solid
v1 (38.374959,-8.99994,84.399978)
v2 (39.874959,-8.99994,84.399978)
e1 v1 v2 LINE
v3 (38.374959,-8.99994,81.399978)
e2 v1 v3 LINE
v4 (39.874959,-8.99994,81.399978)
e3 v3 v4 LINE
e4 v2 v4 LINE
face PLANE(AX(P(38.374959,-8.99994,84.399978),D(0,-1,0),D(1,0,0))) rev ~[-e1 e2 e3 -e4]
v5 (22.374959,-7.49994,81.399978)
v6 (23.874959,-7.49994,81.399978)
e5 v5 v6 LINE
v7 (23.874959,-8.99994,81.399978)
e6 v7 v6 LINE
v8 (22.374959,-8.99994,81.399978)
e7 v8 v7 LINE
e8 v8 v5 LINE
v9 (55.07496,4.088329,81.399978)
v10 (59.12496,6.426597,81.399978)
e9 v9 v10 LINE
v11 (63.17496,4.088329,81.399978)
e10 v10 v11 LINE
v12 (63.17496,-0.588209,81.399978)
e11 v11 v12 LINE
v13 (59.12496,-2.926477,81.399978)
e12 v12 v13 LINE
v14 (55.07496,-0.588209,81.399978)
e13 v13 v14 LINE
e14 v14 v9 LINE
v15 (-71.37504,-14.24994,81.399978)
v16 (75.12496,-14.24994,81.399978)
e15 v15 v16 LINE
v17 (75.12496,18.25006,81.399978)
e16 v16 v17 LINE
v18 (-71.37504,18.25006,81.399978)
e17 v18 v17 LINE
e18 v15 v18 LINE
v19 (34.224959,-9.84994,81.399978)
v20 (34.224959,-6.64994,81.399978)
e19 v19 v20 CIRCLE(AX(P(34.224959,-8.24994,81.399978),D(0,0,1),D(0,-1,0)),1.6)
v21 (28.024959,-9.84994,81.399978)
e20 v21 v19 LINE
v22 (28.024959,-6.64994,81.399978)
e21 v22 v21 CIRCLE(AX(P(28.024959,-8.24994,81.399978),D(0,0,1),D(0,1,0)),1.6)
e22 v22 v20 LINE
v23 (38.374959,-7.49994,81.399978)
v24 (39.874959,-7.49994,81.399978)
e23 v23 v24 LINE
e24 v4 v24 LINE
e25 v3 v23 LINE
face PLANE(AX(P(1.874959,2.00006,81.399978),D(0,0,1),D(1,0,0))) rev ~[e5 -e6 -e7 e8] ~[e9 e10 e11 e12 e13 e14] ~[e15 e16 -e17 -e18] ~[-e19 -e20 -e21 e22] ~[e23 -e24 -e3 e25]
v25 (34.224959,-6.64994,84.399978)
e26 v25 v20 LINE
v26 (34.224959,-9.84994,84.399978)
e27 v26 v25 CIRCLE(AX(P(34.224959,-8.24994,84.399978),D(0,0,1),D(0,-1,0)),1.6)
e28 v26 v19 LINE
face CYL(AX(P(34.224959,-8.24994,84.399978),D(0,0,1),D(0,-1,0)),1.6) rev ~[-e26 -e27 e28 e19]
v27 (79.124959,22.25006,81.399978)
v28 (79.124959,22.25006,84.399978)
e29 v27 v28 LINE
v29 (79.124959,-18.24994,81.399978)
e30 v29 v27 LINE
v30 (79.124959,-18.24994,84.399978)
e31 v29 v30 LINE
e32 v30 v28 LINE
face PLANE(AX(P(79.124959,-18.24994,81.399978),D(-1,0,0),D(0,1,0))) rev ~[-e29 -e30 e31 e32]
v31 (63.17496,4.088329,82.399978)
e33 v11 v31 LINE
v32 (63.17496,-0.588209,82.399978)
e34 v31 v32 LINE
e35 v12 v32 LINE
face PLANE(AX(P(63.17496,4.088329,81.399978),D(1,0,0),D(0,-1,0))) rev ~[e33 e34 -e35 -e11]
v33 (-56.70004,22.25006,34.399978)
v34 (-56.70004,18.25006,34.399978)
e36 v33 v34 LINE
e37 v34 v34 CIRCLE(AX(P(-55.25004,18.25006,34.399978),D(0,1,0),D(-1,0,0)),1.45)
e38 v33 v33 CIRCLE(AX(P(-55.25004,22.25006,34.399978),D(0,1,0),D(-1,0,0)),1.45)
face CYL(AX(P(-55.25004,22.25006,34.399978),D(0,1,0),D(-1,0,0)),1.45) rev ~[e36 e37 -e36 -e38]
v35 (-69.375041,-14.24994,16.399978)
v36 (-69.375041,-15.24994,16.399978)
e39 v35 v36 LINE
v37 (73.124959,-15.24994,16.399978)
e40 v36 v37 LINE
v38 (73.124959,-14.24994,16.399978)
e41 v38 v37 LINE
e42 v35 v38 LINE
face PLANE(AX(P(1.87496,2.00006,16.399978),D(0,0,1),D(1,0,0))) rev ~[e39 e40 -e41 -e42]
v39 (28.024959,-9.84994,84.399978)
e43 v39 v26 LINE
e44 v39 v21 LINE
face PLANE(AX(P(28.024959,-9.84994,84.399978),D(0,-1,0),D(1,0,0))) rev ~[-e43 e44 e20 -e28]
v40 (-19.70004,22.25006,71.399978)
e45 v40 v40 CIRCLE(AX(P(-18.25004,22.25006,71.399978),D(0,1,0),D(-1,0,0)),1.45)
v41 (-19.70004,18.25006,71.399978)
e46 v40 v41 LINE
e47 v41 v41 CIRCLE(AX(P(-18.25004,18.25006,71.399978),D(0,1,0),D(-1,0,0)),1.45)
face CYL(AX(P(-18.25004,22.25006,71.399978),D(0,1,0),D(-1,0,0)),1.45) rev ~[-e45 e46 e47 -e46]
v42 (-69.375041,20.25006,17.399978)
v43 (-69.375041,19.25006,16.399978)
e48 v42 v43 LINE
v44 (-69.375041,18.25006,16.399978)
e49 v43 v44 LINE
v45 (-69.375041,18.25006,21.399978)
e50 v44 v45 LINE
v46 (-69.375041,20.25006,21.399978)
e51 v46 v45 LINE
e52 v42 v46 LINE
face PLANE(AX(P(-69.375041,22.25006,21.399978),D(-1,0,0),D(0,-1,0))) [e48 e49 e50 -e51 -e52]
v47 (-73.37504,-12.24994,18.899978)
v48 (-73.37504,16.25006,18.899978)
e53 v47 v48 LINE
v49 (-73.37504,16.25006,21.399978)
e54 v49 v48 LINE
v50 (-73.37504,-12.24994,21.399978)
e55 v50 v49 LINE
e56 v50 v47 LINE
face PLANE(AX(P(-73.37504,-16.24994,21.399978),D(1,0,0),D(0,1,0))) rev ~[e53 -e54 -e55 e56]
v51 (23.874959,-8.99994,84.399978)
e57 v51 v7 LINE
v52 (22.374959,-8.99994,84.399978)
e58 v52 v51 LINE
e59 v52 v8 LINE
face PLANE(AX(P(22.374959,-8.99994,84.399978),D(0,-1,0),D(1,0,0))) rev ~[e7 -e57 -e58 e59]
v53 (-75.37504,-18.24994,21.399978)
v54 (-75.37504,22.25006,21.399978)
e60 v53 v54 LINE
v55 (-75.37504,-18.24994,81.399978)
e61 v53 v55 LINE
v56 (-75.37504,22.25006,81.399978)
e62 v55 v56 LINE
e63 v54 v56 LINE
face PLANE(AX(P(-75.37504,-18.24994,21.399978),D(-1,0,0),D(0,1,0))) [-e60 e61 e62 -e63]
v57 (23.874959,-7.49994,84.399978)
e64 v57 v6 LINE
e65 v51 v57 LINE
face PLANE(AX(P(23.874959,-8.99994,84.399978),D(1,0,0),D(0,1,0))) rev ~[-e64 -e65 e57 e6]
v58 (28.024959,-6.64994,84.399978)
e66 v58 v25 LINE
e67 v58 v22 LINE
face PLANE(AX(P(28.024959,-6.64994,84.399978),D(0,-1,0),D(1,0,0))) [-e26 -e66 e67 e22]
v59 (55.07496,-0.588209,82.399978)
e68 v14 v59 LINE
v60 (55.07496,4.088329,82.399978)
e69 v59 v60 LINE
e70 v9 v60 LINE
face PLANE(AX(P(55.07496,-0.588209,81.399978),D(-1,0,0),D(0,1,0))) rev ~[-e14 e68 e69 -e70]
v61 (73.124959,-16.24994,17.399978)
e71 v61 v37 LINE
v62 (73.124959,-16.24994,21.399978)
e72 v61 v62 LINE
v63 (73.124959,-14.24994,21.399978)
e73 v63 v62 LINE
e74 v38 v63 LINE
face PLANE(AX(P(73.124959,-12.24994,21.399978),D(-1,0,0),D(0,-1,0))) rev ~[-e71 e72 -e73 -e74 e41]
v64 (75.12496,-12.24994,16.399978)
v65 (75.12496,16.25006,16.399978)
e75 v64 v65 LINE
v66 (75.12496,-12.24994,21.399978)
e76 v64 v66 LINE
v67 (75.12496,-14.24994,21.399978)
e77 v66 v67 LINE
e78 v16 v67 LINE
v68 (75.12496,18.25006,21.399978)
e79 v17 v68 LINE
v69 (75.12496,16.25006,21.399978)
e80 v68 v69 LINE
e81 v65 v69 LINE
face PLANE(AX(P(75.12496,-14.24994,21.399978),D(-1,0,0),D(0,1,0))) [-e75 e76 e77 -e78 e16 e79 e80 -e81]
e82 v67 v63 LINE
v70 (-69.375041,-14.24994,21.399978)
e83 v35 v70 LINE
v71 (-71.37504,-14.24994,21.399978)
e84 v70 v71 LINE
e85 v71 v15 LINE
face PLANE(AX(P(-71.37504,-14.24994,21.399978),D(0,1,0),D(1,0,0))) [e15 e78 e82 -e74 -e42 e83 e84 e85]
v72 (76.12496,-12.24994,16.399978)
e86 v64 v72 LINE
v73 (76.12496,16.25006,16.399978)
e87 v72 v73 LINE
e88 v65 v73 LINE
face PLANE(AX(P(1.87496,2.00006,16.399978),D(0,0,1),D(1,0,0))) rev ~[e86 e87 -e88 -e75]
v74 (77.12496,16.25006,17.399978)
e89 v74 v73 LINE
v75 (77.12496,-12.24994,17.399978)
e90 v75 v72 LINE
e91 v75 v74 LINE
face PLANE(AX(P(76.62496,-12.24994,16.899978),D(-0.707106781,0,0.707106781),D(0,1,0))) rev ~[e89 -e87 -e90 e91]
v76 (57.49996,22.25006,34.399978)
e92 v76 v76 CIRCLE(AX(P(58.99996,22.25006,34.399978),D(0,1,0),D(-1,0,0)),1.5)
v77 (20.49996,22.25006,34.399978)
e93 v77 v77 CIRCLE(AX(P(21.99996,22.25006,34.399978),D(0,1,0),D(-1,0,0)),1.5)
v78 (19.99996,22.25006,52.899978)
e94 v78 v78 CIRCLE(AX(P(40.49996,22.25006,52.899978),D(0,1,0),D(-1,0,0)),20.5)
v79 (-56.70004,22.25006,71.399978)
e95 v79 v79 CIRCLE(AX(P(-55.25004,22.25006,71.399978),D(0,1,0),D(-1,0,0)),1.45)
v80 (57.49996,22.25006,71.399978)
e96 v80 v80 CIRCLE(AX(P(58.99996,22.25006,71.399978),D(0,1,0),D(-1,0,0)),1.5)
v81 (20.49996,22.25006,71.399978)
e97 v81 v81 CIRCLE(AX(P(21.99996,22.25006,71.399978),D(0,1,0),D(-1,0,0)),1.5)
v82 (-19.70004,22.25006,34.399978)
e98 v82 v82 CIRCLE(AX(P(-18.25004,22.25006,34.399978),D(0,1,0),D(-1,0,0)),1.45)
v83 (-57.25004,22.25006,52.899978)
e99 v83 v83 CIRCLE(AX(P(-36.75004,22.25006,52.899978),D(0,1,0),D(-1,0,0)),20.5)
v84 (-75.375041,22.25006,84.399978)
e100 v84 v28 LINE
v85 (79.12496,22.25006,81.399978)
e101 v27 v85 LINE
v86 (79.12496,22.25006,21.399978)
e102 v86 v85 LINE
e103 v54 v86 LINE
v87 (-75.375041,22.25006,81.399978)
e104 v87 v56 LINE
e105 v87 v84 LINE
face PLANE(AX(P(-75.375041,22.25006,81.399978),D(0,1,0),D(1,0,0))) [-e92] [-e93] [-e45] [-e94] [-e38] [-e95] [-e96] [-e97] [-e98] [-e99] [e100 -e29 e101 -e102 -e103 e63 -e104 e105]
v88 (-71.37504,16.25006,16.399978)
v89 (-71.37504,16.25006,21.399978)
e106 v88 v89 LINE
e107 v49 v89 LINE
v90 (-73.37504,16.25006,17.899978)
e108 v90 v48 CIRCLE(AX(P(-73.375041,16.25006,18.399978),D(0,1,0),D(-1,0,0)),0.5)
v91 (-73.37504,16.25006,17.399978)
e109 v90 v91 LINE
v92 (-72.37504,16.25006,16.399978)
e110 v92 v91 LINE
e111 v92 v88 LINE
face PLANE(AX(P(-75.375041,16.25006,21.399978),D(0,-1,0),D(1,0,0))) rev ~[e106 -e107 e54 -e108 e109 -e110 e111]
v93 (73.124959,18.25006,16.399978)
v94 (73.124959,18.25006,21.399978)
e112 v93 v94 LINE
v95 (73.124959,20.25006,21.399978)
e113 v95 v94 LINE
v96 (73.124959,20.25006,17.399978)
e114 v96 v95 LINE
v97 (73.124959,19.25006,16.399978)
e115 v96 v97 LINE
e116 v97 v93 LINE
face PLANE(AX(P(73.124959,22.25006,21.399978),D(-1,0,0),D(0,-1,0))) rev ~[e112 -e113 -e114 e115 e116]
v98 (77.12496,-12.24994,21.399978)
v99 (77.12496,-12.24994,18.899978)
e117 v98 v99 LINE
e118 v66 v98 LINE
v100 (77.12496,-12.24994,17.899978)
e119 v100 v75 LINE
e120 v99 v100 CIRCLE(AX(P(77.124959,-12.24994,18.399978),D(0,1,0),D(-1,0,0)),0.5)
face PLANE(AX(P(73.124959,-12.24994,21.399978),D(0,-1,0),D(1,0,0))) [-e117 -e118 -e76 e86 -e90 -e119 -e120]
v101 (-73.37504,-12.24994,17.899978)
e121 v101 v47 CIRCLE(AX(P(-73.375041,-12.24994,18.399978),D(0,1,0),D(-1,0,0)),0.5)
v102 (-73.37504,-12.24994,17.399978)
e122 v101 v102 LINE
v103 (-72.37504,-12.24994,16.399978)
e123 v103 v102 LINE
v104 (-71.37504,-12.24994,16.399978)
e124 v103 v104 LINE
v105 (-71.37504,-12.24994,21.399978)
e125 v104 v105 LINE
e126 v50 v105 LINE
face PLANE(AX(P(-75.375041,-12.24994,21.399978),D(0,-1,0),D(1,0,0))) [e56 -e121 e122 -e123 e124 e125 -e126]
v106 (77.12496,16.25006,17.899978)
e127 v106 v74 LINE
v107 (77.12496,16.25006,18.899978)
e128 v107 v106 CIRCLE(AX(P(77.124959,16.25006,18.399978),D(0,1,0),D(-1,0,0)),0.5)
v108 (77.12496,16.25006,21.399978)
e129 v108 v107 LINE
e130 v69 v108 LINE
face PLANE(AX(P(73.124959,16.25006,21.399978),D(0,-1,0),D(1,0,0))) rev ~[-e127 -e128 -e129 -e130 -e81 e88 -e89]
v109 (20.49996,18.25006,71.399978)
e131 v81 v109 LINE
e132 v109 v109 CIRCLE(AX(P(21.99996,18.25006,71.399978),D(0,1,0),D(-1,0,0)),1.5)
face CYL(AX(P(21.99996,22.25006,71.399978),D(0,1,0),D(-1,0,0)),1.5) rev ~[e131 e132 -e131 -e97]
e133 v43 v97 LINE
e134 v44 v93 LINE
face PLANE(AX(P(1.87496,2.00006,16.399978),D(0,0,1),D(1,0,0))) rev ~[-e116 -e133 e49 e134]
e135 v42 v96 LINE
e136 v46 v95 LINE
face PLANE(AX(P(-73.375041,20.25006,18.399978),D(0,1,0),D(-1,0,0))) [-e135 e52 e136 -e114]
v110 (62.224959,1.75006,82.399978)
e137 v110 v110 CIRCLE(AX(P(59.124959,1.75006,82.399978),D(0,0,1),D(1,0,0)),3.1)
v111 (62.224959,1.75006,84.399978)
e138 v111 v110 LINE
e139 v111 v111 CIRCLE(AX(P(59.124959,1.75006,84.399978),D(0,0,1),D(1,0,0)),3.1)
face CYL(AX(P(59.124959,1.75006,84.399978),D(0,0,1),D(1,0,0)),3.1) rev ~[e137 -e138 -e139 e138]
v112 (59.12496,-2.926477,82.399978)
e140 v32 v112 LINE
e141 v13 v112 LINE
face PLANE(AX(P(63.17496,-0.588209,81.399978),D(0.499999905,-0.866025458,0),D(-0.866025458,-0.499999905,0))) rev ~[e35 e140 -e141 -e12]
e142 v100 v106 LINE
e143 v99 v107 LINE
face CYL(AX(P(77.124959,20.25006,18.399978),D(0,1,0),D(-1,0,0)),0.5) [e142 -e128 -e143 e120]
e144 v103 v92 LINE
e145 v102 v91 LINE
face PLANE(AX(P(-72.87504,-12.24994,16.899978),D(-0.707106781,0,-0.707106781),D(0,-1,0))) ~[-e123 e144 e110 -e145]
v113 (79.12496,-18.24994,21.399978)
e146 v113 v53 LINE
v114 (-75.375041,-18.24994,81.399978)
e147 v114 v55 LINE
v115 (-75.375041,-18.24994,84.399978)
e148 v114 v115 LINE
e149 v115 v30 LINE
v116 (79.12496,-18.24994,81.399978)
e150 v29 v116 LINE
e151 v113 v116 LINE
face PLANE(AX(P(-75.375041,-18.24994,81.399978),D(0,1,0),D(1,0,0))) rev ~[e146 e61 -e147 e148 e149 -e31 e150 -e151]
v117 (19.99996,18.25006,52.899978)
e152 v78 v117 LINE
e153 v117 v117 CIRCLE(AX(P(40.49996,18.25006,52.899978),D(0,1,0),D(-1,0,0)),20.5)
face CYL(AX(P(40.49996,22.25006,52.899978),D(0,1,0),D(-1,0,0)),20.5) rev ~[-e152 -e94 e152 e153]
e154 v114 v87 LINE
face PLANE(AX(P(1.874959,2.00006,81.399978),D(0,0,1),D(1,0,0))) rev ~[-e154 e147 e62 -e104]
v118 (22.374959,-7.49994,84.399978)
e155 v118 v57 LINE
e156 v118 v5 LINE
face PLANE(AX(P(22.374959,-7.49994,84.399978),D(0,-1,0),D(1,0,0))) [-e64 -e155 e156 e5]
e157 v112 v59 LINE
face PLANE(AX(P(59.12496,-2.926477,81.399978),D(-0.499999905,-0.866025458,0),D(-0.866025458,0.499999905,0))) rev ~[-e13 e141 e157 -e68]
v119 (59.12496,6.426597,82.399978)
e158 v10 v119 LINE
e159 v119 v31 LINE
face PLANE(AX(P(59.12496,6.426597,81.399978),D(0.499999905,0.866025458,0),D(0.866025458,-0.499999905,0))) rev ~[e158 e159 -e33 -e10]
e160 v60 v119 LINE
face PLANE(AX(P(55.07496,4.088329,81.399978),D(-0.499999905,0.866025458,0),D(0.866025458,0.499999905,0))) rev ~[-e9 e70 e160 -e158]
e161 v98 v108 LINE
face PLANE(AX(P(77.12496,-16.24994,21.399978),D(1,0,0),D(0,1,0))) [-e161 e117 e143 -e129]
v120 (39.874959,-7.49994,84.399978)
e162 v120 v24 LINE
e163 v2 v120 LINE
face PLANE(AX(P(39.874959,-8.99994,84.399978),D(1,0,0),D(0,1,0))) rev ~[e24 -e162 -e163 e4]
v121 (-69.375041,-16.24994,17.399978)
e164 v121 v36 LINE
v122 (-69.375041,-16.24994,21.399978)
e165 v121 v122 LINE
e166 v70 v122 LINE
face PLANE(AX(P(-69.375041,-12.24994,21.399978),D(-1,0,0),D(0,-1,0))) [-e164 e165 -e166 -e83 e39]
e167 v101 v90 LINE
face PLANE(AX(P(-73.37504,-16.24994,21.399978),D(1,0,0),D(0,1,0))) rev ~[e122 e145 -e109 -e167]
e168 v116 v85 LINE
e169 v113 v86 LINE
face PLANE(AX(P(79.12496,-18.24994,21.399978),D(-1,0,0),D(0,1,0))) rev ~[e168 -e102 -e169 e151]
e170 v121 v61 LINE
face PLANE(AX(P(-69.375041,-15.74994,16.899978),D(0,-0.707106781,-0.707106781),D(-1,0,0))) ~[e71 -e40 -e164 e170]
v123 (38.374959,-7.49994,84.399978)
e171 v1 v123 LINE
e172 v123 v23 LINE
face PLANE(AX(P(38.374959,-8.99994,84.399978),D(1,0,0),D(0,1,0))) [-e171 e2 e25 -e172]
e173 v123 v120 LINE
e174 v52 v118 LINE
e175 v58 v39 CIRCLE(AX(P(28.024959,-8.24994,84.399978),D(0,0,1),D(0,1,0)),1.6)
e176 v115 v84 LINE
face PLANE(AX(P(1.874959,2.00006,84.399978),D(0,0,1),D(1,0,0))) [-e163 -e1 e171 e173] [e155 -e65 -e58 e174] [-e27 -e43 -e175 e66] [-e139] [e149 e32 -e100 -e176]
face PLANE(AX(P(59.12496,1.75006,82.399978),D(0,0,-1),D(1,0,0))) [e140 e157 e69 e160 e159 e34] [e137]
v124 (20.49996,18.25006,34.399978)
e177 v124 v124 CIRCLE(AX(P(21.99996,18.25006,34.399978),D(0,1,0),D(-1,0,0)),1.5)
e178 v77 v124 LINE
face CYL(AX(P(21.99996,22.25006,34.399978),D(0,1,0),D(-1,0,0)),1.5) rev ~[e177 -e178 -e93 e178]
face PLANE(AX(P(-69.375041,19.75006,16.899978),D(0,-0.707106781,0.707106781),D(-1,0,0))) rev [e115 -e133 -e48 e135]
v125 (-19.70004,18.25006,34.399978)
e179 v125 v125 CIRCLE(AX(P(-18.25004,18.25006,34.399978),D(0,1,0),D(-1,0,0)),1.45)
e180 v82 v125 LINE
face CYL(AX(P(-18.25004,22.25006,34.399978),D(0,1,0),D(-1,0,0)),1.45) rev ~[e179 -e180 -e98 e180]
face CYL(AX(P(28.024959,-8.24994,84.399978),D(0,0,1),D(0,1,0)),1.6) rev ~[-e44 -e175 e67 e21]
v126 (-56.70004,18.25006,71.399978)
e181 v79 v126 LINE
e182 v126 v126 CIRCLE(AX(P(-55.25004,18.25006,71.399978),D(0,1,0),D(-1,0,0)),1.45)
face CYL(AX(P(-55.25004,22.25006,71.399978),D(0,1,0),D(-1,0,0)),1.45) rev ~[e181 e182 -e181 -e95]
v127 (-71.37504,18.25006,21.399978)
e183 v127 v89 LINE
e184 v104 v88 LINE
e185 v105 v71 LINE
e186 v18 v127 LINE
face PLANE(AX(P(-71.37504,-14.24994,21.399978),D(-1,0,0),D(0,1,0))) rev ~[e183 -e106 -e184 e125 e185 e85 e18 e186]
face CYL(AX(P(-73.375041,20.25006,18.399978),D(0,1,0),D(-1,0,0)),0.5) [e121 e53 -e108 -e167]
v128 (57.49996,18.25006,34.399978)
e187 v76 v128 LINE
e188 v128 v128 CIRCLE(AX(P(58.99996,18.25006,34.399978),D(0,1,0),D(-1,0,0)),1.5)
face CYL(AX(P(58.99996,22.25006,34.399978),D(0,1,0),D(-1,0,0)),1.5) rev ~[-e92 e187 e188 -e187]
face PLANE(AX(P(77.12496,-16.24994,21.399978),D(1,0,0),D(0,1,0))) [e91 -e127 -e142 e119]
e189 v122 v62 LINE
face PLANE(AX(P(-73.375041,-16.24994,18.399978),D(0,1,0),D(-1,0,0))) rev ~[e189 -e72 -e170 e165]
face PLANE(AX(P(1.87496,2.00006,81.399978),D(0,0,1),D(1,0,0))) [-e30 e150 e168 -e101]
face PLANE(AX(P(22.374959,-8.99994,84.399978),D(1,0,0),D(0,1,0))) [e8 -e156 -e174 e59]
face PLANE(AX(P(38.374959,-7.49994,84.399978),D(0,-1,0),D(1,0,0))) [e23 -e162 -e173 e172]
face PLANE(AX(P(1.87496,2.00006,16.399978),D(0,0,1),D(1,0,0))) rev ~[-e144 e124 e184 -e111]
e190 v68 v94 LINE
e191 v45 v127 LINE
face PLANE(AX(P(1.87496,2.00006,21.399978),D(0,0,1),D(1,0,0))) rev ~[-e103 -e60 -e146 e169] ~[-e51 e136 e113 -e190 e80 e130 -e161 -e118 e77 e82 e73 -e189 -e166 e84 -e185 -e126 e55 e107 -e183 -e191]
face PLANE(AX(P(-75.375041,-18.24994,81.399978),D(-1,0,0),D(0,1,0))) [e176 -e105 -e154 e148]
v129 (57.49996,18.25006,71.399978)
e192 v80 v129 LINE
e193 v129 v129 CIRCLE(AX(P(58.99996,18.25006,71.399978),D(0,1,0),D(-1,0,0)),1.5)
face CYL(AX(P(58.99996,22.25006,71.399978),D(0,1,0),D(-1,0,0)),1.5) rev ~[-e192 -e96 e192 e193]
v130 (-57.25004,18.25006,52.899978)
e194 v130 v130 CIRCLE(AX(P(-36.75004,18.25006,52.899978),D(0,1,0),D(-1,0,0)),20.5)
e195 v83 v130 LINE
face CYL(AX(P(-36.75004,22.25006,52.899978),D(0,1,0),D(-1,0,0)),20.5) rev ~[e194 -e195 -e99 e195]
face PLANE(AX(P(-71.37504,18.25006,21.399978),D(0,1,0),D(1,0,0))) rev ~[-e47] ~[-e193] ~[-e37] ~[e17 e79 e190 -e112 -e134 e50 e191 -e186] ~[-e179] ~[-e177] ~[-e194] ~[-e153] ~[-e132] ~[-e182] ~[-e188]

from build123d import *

# Parameters (mm, degrees)
SKETCH021_W     = 150.5
SKETCH021_H     = 36.5
SKETCH021_W_2   = 146.5
SKETCH021_H_2   = 32.5
PAD010_DEPTH    = 5
SKETCH022_W     = 154.5
SKETCH022_H     = 40.5
SKETCH022_W_2   = 146.5
SKETCH022_H_2   = 32.5
PAD011_DEPTH    = 60
SKETCH026_R     = 0.5
PAD013_DEPTH    = 36.5
SKETCH027_W     = 6
SKETCH027_H     = 6
POCKET008_DEPTH = 15
CHAMFER002_SIZE = 1
SKETCH028_W     = 154.5
SKETCH028_H     = 40.5
PAD014_DEPTH    = 3
SKETCH029_R     = 3.1
POCKET009_DEPTH = 5
POCKET010_DEPTH = 1
SKETCH031_W     = 1.5
SKETCH031_H     = 1.5
POCKET011_DEPTH = 5
SKETCH032_R     = 20.5
SKETCH032_R_2   = 1.45
SKETCH032_R_3   = 1.5
POCKET012_DEPTH = 5


with BuildPart() as part:
    # Sketch021 (on DatumPlane) → Pad010 (new body)
    with BuildSketch(Plane.XY.offset(21.399978)):
        with Locations((1.87496, 2.00006)):
            Rectangle(SKETCH021_W, SKETCH021_H)
        with Locations((1.87496, 2.00006)):
            Rectangle(SKETCH021_W_2, SKETCH021_H_2, mode=Mode.SUBTRACT)
    extrude(amount=-PAD010_DEPTH)

    # Sketch022 (on DatumPlane) → Pad011 (join)
    with BuildSketch(Plane.XY.offset(21.399978)):
        with Locations((1.87496, 2.00006)):
            Rectangle(SKETCH022_W, SKETCH022_H)
        with Locations((1.87496, 2.00006)):
            Rectangle(SKETCH022_W_2, SKETCH022_H_2, mode=Mode.SUBTRACT)
    extrude(amount=PAD011_DEPTH)

    # Sketch026 (on Face2 of Pad011) → Pad013 (join)
    with BuildSketch(Plane(origin=(0, 20.25006, 21.399978), x_dir=(-1, 0, 0), z_dir=(0, 1, 0))):
        with Locations((73.375041, -3)):
            Circle(SKETCH026_R)
        with Locations((-77.124959, -3)):
            Circle(SKETCH026_R)
    extrude(amount=-PAD013_DEPTH)

    # Sketch027 (on Face6 of Pad013) → Pocket008 (cut)
    with BuildSketch(Plane(origin=(0, 0, 21.399978), x_dir=(1, 0, 0), z_dir=(0, 0, -1))):
        with Locations((-72.375041, 15.24994)):
            Rectangle(SKETCH027_W, SKETCH027_H)
        with Locations((-72.375041, -19.25006)):
            Rectangle(SKETCH027_W, SKETCH027_H)
        with Locations((76.124959, 15.24994)):
            Rectangle(SKETCH027_W, SKETCH027_H)
        with Locations((76.124959, -19.25006)):
            Rectangle(SKETCH027_W, SKETCH027_H)
    extrude(amount=POCKET008_DEPTH, mode=Mode.SUBTRACT)

    # Chamfer002
    chamfer002_edges = [part.edges().sort_by_distance(p)[0] for p in [
        (1.87496, 20.25006, 16.399978),
        (-73.37504, 2.00006, 16.399978),
        (1.87496, -16.24994, 16.399978),
        (77.12496, 2.00006, 16.399978),
    ]]
    chamfer(chamfer002_edges, length=CHAMFER002_SIZE)

    # Sketch028 (on Face11 of Chamfer002) → Pad014 (join)
    with BuildSketch(Plane.XY.offset(81.399978)):
        with Locations((1.874959, 2.00006)):
            Rectangle(SKETCH028_W, SKETCH028_H)
    extrude(amount=PAD014_DEPTH)

    # Sketch029 (on Face32 of Pad014) → Pocket009 (cut)
    with BuildSketch(Plane.XY.offset(84.399978)):
        with Locations((59.124959, 1.75006)):
            Circle(SKETCH029_R)
    extrude(amount=-POCKET009_DEPTH, mode=Mode.SUBTRACT)

    # Sketch030 (on Face11 of Pocket009) → Pocket010 (cut)
    with BuildSketch(Plane(origin=(0, 0, 81.399978), x_dir=(1, 0, 0), z_dir=(0, 0, -1))):
        Polygon((59.12496, 2.926477), (55.07496, 0.588209), (55.07496, -4.088329), (59.12496, -6.426597), (63.17496, -4.088329), (63.17496, 0.588209), align=None)
    extrude(amount=-POCKET010_DEPTH, mode=Mode.SUBTRACT)

    # Sketch031 (on Face35 of Pocket010) → Pocket011 (cut)
    with BuildSketch(Plane.XY.offset(84.399978)):
        with BuildLine():
            ThreePointArc((28.024959, -6.64994), (26.424959, -8.24994), (28.024959, -9.84994))
            Line((28.024959, -9.84994), (34.224959, -9.84994))
            ThreePointArc((34.224959, -9.84994), (35.824959, -8.24994), (34.224959, -6.64994))
            Line((28.024959, -6.64994), (34.224959, -6.64994))
        make_face()
        with Locations((23.124959, -8.24994)):
            Rectangle(SKETCH031_W, SKETCH031_H)
        with Locations((39.124959, -8.24994)):
            Rectangle(SKETCH031_W, SKETCH031_H)
    extrude(amount=-POCKET011_DEPTH, mode=Mode.SUBTRACT)

    # Sketch032 (on Face13 of Pocket011) → Pocket012 (cut)
    with BuildSketch(Plane(origin=(0, 22.25006, 21.399978), x_dir=(-1, 0, 0), z_dir=(0, 1, 0))):
        with Locations((36.75004, 31.5)):
            Circle(SKETCH032_R)
        with Locations((18.25004, 50)):
            Circle(SKETCH032_R_2)
        with Locations((55.25004, 50)):
            Circle(SKETCH032_R_2)
        with Locations((55.25004, 13)):
            Circle(SKETCH032_R_2)
        with Locations((18.25004, 13)):
            Circle(SKETCH032_R_2)
        with Locations((-40.49996, 31.5)):
            Circle(SKETCH032_R)
        with Locations((-58.99996, 50)):
            Circle(SKETCH032_R_3)
        with Locations((-21.99996, 50)):
            Circle(SKETCH032_R_3)
        with Locations((-21.99996, 13)):
            Circle(SKETCH032_R_3)
        with Locations((-58.99996, 13)):
            Circle(SKETCH032_R_3)
    extrude(amount=-POCKET012_DEPTH, mode=Mode.SUBTRACT)


solid = part.part
